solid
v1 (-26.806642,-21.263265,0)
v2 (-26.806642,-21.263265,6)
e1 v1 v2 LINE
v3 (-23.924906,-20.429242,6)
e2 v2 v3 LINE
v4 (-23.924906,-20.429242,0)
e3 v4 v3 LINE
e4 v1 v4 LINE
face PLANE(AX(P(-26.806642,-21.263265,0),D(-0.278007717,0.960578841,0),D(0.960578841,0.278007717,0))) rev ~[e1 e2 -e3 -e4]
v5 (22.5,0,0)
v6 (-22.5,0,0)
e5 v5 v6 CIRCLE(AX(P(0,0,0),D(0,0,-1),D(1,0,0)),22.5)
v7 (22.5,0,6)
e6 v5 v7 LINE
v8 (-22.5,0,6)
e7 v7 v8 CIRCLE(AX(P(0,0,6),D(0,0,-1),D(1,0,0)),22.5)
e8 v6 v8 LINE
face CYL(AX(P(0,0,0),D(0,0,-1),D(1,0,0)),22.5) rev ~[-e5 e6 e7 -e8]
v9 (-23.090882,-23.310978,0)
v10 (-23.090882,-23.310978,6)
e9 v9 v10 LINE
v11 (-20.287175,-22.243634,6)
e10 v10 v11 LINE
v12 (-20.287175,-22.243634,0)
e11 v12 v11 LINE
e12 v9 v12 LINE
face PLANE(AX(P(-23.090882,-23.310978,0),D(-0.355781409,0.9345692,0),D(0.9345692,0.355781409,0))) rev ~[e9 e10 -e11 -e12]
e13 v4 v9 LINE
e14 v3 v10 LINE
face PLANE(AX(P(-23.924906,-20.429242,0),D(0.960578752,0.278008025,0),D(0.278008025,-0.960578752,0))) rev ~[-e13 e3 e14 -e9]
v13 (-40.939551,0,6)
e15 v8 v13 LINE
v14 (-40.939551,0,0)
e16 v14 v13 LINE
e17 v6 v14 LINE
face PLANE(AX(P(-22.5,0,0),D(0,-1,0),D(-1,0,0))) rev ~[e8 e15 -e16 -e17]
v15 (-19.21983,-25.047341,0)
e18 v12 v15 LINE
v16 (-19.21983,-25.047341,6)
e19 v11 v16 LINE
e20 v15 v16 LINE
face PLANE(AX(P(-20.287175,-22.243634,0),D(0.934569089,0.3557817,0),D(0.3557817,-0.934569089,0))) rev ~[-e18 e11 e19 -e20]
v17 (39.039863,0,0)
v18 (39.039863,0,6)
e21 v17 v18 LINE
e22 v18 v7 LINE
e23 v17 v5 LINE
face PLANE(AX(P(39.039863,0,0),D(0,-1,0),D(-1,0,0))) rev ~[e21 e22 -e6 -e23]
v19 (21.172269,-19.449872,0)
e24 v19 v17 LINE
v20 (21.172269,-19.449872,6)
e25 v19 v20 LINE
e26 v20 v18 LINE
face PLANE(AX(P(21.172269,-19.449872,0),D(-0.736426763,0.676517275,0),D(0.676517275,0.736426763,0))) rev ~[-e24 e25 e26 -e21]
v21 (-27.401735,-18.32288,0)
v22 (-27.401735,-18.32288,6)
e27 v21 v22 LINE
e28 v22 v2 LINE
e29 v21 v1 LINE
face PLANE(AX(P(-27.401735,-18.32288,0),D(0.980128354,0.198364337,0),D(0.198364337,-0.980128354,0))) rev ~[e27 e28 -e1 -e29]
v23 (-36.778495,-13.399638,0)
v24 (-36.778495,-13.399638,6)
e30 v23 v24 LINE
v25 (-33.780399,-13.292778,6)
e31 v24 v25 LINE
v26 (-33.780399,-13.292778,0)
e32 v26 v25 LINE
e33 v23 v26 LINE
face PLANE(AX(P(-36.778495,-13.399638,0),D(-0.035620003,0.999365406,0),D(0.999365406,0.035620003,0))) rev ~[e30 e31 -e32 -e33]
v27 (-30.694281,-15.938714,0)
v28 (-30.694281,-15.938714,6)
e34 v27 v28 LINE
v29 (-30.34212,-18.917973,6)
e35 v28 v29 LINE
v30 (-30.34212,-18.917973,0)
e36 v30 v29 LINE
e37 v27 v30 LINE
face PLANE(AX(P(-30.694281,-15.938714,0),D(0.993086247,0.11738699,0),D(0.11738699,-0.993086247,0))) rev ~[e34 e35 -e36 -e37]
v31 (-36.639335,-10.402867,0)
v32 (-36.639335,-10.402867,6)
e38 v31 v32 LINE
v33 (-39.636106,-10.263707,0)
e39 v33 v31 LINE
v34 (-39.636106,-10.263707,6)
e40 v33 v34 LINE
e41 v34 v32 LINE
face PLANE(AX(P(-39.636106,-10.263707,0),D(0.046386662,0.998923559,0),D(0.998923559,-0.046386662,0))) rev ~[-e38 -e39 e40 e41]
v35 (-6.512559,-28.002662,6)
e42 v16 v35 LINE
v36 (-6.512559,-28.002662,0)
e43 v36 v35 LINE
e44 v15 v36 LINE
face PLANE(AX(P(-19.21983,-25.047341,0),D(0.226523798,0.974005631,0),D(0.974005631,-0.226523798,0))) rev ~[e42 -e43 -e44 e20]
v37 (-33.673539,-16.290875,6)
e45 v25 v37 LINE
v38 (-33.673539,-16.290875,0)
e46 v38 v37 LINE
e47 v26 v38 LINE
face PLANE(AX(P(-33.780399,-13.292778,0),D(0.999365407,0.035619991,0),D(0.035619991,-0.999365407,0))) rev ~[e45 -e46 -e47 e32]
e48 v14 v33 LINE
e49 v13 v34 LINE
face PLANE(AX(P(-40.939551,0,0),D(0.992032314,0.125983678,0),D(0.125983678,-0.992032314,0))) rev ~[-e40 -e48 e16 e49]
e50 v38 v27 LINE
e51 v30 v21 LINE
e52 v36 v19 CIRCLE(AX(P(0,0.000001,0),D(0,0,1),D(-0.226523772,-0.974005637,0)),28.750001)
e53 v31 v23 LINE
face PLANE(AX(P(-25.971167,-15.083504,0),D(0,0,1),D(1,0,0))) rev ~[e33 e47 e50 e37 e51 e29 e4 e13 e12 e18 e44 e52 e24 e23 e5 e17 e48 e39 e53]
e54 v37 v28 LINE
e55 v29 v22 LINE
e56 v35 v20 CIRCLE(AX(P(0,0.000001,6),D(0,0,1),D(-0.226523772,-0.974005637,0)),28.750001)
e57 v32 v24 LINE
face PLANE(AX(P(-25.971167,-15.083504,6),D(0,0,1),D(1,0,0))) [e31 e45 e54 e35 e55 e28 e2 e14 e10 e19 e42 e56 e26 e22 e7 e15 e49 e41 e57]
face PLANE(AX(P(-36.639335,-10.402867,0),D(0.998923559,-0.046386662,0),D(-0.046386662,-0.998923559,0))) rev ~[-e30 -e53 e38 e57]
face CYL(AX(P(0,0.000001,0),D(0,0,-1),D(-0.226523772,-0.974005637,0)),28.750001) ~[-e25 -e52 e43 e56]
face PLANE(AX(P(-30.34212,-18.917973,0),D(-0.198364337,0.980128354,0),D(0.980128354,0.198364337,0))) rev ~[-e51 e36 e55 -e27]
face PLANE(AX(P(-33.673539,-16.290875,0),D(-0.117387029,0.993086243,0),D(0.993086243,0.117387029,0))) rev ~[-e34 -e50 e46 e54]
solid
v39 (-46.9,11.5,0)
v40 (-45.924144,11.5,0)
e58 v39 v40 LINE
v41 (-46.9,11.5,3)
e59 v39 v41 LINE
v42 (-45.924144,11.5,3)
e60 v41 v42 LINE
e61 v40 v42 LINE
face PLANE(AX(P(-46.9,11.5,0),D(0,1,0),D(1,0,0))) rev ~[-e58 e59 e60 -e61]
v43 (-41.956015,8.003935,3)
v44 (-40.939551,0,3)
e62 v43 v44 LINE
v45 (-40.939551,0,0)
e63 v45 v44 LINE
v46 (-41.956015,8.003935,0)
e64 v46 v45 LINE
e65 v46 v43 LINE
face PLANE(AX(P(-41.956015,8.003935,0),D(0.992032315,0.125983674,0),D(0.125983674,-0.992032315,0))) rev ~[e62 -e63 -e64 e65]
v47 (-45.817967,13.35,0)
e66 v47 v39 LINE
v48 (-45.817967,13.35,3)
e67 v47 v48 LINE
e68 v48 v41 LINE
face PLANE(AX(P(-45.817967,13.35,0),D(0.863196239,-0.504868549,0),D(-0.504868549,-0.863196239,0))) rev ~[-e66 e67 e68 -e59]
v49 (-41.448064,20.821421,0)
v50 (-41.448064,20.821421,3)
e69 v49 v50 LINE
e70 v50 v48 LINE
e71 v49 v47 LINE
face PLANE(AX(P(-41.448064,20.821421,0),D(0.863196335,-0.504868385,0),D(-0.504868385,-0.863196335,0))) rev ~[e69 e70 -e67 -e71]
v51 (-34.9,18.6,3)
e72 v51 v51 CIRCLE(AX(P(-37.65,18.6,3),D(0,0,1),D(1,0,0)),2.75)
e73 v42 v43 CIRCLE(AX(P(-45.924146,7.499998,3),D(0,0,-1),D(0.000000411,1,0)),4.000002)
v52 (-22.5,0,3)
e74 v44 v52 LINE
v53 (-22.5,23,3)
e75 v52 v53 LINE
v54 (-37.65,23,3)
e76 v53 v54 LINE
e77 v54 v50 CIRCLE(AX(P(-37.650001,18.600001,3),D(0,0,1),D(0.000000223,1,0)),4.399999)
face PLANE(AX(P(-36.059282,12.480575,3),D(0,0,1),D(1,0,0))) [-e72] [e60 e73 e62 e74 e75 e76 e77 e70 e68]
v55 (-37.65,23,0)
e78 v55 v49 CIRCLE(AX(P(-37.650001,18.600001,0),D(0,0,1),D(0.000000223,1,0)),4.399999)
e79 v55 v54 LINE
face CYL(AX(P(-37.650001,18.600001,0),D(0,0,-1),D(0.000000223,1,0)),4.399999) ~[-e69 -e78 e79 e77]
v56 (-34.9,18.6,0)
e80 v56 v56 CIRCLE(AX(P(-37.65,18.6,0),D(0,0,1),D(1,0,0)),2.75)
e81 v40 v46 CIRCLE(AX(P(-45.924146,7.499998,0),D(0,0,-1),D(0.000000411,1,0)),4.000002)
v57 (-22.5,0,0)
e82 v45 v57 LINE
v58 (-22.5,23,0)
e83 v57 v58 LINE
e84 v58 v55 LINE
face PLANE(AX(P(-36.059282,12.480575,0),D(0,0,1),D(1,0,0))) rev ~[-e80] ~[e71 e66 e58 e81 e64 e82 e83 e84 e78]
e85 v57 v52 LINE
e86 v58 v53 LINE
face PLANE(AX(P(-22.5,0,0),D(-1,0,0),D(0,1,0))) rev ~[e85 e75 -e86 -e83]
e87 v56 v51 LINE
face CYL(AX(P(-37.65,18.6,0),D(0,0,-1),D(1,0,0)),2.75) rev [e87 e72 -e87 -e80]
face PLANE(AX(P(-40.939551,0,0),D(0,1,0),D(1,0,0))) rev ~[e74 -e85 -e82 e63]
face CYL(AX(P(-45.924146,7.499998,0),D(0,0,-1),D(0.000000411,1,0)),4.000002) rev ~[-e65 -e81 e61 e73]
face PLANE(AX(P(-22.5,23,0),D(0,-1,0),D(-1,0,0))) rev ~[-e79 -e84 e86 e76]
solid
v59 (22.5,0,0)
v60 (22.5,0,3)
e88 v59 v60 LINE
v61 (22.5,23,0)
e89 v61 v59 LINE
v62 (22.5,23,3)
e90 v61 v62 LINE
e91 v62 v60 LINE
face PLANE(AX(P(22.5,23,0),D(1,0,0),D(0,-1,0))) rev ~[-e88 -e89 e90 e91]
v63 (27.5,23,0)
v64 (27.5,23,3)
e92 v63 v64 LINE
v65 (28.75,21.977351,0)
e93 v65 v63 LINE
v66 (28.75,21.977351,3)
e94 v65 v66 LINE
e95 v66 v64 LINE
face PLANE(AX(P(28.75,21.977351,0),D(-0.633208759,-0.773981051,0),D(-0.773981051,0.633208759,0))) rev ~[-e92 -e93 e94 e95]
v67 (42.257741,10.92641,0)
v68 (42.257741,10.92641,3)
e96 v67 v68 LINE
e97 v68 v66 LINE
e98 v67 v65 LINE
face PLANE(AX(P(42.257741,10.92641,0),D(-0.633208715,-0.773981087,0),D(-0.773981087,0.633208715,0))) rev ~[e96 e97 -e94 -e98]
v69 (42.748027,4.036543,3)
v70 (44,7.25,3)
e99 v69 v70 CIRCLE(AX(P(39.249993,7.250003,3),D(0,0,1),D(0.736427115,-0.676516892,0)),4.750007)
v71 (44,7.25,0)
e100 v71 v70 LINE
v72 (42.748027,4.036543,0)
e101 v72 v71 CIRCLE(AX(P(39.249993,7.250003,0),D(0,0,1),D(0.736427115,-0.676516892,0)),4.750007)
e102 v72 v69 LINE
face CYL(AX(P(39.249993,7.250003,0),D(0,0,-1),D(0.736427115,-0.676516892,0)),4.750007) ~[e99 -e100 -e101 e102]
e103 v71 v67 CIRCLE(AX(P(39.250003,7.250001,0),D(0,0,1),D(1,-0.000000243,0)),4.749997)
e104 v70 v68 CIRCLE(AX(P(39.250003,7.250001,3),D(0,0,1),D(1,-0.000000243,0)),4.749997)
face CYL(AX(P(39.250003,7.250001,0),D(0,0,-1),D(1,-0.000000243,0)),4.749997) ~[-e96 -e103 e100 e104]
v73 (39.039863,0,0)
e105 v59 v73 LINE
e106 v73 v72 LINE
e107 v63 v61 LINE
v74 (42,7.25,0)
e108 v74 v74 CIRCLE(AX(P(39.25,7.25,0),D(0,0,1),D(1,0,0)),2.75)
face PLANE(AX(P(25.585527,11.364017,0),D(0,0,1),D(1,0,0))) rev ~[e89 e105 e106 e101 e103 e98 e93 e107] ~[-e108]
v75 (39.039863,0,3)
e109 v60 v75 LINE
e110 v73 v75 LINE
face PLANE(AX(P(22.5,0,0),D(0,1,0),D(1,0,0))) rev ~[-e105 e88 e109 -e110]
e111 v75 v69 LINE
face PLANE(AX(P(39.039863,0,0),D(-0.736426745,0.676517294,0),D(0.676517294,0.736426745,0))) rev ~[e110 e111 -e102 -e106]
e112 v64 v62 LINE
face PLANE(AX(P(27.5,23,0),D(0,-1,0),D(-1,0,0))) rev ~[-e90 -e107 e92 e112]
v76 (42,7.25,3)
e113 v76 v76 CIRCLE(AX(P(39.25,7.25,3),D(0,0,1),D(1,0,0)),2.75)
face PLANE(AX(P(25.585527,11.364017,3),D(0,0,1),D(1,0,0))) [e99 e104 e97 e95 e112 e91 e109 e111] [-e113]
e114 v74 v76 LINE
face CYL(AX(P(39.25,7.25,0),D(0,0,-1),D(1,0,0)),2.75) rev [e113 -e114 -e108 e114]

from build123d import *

# Parameters (mm, degrees)
F0_W     = 6.25
F0_H     = 23
F0_R     = 2.75
F1_DEPTH = 3
F2_DEPTH = 6


with BuildPart() as f1:
    # F0 (on Top) → F1 (new body)
    with BuildSketch(Plane.XY):
        with BuildLine():
            Line((-40.939551, 0), (-28.75, 0))
            Line((-28.75, 0), (-28.75, 23))
            Line((-28.75, 23), (-37.65, 23))
            ThreePointArc((-37.65, 23), (-34.53873, 21.71127), (-33.25, 18.6))
            ThreePointArc((-33.25, 18.6), (-38.800765, 14.353149), (-41.448064, 20.821421))
            Line((-41.448064, 20.821421), (-45.817967, 13.35))
            Line((-45.817967, 13.35), (-46.9, 11.5))
            Line((-46.9, 11.5), (-45.924144, 11.5))
            ThreePointArc((-45.924144, 11.5), (-43.279881, 10.501311), (-41.956015, 8.003935))
            Line((-41.956015, 8.003935), (-40.939551, 0))
        make_face()
        with Locations((-25.625, 11.5)):
            Rectangle(F0_W, F0_H)
        Polygon((22.5, 23), (22.5, 0), (28.75, 0), (28.75, 21.977351), (27.5, 23), align=None)
        with BuildLine():
            Line((28.75, 21.977351), (28.75, 0))
            Line((28.75, 0), (39.039863, 0))
            Line((39.039863, 0), (42.748027, 4.036543))
            ThreePointArc((42.748027, 4.036543), (34.511981, 6.912841), (42.257741, 10.92641))
            Line((42.257741, 10.92641), (28.75, 21.977351))
        make_face()
        with BuildLine():
            ThreePointArc((44, 7.25), (43.542393, 9.284174), (42.257741, 10.92641))
            ThreePointArc((42.257741, 10.92641), (34.511981, 6.912841), (42.748027, 4.036543))
            ThreePointArc((42.748027, 4.036543), (43.675953, 5.525635), (44, 7.25))
        make_face()
        with Locations((39.25, 7.25)):
            Circle(F0_R, mode=Mode.SUBTRACT)
        with BuildLine():
            ThreePointArc((-33.25, 18.6), (-34.53873, 21.71127), (-37.65, 23))
            ThreePointArc((-37.65, 23), (-39.839263, 22.416691), (-41.448064, 20.821421))
            ThreePointArc((-41.448064, 20.821421), (-38.800765, 14.353149), (-33.25, 18.6))
        make_face()
        with Locations((-37.65, 18.6)):
            Circle(F0_R, mode=Mode.SUBTRACT)
    extrude(amount=F1_DEPTH)


with BuildPart() as f2:
    # F0 (on Top) → F2 (new body)
    with BuildSketch(Plane.XY):
        with BuildLine():
            ThreePointArc((-6.512559, -28.002662), (-22.514424, -17.879128), (-28.75, 0))
            Line((-28.75, 0), (-40.939551, 0))
            Line((-40.939551, 0), (-39.636106, -10.263707))
            Line((-39.636106, -10.263707), (-36.639335, -10.402867))
            Line((-36.639335, -10.402867), (-36.778495, -13.399638))
            Line((-36.778495, -13.399638), (-33.780399, -13.292778))
            Line((-33.780399, -13.292778), (-33.673539, -16.290875))
            Line((-33.673539, -16.290875), (-30.694281, -15.938714))
            Line((-30.694281, -15.938714), (-30.34212, -18.917973))
            Line((-30.34212, -18.917973), (-27.401735, -18.32288))
            Line((-27.401735, -18.32288), (-26.806642, -21.263265))
            Line((-26.806642, -21.263265), (-23.924906, -20.429242))
            Line((-23.924906, -20.429242), (-23.090882, -23.310978))
            Line((-23.090882, -23.310978), (-20.287175, -22.243634))
            Line((-20.287175, -22.243634), (-19.21983, -25.047341))
            Line((-19.21983, -25.047341), (-6.512559, -28.002662))
        make_face()
        with BuildLine():
            ThreePointArc((22.5, 0), (0, -22.5), (-22.5, 0))
            Line((-22.5, 0), (-28.75, 0))
            ThreePointArc((-28.75, 0), (-22.514424, -17.879128), (-6.512559, -28.002662))
            ThreePointArc((-6.512559, -28.002662), (8.486126, -27.46904), (21.172269, -19.449872))
            ThreePointArc((21.172269, -19.449872), (26.788666, -10.436948), (28.75, 0))
            Line((28.75, 0), (22.5, 0))
        make_face()
        with BuildLine():
            Line((39.039863, 0), (28.75, 0))
            ThreePointArc((28.75, 0), (26.788666, -10.436948), (21.172269, -19.449872))
            Line((21.172269, -19.449872), (39.039863, 0))
        make_face()
    extrude(amount=F2_DEPTH)


solid = Compound([f1.part, f2.part])
